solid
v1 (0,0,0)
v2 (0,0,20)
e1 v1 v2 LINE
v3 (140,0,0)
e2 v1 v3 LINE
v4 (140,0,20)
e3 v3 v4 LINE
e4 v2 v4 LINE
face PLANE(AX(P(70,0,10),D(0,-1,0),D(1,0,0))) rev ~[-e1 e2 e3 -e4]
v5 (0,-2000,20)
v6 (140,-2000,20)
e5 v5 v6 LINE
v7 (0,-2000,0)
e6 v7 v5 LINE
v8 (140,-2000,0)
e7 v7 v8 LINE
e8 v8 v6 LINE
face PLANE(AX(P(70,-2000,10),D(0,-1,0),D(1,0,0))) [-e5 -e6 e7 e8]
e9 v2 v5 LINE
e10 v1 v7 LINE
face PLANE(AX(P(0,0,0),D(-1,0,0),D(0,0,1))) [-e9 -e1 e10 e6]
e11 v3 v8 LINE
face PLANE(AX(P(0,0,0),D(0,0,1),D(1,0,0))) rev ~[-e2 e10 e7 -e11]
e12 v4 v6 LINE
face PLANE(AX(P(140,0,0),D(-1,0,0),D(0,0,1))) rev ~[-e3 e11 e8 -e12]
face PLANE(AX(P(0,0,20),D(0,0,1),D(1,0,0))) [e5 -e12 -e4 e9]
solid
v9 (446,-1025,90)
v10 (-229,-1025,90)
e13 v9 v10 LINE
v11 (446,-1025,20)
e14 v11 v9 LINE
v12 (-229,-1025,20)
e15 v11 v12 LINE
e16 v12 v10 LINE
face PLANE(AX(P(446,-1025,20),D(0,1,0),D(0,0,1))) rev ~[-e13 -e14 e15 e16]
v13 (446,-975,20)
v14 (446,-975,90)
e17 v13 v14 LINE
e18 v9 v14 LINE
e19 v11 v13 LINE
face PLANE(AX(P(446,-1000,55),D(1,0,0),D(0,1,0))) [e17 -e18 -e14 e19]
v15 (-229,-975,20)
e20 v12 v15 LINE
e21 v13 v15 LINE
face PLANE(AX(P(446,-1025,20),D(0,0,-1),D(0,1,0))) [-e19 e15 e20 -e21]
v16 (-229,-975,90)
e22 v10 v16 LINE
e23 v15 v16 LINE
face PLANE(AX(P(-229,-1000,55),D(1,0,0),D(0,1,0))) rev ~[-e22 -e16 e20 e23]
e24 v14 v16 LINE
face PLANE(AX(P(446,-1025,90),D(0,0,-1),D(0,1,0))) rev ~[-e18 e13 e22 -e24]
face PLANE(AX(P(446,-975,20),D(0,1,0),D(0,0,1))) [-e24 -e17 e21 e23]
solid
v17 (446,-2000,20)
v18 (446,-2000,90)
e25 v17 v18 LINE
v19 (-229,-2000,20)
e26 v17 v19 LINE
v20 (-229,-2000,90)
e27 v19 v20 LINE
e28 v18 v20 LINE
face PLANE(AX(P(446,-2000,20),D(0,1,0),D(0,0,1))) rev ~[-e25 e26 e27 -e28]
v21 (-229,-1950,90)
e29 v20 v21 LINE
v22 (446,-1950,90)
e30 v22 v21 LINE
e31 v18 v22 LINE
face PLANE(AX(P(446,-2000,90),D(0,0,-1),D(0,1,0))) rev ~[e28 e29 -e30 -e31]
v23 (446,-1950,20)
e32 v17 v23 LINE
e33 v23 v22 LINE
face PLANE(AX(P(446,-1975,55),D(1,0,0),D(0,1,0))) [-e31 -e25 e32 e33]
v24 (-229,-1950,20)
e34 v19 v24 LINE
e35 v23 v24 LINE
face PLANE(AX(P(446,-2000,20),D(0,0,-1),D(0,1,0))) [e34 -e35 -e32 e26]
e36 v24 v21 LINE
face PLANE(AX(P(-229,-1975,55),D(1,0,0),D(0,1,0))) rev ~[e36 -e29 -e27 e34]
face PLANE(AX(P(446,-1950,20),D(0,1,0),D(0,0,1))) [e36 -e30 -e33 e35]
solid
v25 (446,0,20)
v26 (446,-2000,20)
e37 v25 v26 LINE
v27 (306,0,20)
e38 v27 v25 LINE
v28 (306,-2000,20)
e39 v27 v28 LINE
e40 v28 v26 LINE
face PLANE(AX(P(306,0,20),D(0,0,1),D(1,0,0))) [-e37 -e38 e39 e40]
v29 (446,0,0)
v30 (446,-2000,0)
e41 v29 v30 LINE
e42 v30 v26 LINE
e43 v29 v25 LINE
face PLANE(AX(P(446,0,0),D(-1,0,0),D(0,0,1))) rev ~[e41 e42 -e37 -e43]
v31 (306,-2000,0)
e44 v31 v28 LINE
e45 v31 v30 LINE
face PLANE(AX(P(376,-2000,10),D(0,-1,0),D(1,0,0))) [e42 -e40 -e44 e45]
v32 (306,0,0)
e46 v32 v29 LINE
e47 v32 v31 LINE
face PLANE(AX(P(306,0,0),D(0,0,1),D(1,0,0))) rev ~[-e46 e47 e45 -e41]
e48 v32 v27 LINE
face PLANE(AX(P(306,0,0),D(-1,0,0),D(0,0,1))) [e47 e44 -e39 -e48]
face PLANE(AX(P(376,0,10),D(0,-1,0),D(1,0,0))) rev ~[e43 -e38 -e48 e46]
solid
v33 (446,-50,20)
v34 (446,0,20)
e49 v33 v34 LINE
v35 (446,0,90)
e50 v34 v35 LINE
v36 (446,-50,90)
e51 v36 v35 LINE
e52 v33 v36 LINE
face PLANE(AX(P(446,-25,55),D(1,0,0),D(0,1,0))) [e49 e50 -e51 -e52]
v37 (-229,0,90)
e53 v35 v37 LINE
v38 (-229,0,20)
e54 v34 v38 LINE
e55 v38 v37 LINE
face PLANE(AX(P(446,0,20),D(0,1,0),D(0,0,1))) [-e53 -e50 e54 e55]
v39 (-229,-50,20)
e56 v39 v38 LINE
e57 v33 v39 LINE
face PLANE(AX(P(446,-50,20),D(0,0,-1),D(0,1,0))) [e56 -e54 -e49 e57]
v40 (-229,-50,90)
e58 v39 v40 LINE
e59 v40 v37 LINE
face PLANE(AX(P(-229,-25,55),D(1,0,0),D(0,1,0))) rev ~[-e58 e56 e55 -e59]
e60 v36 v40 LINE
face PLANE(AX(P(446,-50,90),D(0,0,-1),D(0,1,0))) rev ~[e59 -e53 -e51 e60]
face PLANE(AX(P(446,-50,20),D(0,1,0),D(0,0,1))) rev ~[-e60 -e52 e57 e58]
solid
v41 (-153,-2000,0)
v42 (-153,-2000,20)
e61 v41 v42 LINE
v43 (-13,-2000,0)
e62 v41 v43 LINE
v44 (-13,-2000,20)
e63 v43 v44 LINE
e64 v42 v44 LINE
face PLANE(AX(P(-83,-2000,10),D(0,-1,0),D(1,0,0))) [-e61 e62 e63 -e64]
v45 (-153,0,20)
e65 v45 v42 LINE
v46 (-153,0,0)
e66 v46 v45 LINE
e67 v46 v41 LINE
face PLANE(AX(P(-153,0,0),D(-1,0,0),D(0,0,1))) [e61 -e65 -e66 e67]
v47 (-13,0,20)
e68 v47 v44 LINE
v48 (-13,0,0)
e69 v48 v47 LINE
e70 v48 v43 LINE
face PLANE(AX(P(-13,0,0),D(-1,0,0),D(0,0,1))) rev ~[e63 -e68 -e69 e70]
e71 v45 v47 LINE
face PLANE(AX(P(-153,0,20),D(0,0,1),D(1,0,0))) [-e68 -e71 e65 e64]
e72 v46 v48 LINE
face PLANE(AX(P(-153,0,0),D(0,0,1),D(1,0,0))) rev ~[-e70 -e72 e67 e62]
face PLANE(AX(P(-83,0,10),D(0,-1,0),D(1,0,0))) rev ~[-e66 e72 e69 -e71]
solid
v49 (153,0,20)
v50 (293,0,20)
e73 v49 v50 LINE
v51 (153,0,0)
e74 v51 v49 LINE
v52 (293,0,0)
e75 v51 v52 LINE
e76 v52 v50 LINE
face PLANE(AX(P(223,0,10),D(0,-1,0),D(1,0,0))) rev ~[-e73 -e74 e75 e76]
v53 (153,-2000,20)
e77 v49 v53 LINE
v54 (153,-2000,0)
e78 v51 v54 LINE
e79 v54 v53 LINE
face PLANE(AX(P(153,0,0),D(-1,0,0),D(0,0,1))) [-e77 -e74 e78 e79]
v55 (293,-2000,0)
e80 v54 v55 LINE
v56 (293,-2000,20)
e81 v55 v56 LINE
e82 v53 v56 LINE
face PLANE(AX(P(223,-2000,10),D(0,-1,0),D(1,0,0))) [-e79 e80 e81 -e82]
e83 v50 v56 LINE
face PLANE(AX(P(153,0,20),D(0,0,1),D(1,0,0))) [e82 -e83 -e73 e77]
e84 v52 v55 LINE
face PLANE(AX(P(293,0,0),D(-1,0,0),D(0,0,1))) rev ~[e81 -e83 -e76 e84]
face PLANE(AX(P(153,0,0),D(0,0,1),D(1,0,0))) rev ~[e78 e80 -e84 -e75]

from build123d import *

# Parameters (mm, degrees)
F0_W     = 140
F0_H     = 20
F1_DEPTH = 2000
F2_W     = 50
F2_H     = 70
F3_W     = 50
F3_H     = 70
F4_DEPTH = 675


with BuildPart() as f1:
    # F0 (on Front) → F1 (new body)
    with BuildSketch(Plane.XZ):
        with Locations((70, 10)):
            Rectangle(F0_W, F0_H)
        with Locations((223, 10)):
            Rectangle(F0_W, F0_H)
        with Locations((376, 10)):
            Rectangle(F0_W, F0_H)
        with Locations((-83, 10)):
            Rectangle(F0_W, F0_H)
    extrude(amount=F1_DEPTH)


with BuildPart() as f4:
    # F2 (on face) + F3 (on face) → F4 (new body)
    with BuildSketch(Plane.YZ.offset(446)):
        with Locations((-1975, 55)):
            Rectangle(F2_W, F2_H)
        with Locations((-25, 55)):
            Rectangle(F2_W, F2_H)
    with BuildSketch(Plane.YZ.offset(446)):
        with Locations((-1000, 55)):
            Rectangle(F3_W, F3_H)
    extrude(amount=-F4_DEPTH)


solid = Compound([f1.part, f4.part])
